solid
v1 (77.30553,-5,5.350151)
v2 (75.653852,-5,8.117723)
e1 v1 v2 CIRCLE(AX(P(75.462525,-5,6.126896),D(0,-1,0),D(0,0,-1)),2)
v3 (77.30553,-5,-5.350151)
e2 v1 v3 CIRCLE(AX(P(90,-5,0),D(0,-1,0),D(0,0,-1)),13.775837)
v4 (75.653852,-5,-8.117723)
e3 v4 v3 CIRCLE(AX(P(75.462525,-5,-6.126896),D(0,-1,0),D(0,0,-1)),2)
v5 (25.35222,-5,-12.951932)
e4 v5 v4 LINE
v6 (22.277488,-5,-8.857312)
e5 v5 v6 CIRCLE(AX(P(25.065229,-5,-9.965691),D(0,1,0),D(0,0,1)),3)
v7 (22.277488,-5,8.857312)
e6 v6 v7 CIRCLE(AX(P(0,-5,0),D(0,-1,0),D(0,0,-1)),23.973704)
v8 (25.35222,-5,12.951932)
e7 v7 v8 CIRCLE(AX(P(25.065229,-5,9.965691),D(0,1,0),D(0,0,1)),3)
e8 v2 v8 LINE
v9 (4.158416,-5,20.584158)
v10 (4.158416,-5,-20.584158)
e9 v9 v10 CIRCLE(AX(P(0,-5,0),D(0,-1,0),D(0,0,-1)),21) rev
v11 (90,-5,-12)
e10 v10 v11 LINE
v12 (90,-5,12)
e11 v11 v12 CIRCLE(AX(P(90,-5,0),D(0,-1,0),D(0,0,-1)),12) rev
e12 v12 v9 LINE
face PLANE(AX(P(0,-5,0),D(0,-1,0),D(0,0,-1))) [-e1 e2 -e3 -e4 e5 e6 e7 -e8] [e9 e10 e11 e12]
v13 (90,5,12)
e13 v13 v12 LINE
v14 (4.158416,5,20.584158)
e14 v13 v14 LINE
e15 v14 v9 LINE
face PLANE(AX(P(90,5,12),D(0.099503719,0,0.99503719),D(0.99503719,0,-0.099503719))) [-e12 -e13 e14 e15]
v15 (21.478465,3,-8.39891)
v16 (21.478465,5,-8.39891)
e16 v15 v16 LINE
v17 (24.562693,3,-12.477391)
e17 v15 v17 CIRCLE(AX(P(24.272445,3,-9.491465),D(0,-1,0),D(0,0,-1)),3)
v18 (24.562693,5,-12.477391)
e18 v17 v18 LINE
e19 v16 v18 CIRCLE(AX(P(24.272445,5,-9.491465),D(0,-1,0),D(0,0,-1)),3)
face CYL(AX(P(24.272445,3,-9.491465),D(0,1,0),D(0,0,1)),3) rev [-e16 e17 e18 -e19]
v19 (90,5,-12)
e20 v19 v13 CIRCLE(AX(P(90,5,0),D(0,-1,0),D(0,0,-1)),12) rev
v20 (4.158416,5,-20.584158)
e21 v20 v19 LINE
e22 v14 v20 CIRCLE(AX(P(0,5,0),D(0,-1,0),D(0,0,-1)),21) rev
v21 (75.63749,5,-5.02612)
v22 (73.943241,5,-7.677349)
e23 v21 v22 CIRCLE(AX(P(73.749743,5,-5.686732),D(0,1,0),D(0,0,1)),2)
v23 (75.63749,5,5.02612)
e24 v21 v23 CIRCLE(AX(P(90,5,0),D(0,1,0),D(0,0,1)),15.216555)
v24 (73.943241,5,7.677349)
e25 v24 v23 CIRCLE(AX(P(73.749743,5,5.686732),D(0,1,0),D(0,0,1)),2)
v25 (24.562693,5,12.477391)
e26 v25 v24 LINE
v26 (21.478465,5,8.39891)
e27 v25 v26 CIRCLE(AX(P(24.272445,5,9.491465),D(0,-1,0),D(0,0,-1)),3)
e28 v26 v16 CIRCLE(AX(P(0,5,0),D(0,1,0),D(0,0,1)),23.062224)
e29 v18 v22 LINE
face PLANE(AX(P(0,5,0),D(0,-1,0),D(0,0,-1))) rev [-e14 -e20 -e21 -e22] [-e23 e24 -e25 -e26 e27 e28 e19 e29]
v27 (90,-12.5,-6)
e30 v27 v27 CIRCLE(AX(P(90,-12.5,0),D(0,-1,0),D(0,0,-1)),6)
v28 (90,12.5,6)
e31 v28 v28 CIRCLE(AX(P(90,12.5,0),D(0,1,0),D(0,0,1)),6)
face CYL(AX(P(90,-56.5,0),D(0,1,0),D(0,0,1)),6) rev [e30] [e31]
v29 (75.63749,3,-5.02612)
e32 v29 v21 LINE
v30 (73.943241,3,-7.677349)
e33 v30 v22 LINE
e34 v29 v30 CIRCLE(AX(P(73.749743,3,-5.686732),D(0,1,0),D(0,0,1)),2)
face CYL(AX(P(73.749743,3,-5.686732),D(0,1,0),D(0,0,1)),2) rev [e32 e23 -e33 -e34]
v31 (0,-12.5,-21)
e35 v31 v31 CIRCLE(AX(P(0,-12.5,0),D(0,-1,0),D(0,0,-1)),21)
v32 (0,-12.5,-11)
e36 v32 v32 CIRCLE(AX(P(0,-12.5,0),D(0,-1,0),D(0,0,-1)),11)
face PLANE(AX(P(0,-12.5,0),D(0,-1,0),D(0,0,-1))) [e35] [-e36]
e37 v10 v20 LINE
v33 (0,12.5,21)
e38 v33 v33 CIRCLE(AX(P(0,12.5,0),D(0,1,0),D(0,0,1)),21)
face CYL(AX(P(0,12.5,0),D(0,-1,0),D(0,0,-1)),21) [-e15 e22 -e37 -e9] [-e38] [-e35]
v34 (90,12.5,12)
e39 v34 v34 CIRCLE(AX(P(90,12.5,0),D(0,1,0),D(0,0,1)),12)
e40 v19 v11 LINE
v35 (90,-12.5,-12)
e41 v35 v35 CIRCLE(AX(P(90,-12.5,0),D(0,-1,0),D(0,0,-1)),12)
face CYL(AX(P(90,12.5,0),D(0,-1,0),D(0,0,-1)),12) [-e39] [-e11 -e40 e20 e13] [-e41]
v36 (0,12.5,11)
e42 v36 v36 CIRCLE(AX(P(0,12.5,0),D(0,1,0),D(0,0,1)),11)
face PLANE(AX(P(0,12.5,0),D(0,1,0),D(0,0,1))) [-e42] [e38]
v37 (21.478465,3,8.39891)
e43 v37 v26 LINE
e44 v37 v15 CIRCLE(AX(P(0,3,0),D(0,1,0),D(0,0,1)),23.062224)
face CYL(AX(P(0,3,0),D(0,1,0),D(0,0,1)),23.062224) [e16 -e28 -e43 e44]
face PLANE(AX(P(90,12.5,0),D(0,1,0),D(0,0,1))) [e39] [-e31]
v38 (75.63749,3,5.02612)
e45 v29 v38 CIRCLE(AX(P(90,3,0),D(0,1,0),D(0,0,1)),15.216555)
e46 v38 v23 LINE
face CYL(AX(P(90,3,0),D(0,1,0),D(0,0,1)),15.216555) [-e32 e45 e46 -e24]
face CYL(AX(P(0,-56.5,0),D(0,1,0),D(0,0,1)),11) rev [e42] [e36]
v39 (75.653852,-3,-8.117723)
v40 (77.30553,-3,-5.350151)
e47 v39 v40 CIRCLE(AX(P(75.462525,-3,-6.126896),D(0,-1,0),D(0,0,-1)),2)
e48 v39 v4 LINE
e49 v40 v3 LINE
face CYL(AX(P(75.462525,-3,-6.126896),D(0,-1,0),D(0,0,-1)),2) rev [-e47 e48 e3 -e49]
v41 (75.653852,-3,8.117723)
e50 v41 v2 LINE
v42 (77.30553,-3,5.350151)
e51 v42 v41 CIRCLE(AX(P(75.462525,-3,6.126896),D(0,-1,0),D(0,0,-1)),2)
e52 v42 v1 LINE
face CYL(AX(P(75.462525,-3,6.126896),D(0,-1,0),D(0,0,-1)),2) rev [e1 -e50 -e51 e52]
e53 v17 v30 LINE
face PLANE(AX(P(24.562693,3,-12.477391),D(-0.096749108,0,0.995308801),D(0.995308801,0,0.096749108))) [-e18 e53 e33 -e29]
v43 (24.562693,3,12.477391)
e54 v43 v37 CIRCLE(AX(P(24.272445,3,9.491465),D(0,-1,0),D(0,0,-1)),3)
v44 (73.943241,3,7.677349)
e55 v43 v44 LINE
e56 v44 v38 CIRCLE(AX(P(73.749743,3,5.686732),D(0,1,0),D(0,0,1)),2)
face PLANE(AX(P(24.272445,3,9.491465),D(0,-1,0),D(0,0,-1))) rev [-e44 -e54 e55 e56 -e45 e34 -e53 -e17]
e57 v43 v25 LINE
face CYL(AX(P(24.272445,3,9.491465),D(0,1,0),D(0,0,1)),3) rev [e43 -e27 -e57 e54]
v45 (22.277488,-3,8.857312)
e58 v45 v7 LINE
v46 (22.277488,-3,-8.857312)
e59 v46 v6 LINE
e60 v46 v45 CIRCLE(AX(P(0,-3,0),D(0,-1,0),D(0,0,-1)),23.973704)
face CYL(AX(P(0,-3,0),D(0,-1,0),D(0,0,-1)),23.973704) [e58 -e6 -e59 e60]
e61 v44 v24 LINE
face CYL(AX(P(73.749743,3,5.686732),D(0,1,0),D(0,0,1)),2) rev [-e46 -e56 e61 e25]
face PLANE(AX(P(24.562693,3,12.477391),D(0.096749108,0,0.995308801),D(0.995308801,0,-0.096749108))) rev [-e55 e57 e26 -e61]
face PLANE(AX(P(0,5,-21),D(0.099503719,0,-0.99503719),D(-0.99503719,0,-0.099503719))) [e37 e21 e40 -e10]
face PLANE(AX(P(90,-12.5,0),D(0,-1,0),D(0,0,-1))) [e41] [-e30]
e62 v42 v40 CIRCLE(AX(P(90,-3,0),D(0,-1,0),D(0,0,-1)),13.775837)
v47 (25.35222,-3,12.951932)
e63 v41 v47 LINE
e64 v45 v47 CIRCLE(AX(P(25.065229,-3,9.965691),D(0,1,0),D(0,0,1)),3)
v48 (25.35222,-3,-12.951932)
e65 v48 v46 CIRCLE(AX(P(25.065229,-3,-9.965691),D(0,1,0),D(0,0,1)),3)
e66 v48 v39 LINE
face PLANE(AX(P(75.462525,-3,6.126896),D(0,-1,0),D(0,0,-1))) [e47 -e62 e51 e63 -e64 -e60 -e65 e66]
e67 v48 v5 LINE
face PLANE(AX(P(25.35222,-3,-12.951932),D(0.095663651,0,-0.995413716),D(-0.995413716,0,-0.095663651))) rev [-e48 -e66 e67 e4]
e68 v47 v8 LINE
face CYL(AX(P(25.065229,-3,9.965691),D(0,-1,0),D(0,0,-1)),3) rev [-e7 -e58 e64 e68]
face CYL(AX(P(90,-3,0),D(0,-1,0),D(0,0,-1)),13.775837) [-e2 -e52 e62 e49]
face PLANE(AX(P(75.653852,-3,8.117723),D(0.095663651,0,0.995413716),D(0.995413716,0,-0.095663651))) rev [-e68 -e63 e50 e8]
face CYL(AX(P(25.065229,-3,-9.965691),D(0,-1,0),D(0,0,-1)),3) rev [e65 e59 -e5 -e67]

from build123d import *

# Parameters (mm, degrees)
BOSS_EXTRUDE1_DEPTH = 5
SKETCH2_R           = 21
BOSS_EXTRUDE3_DEPTH = 7.5
SKETCH3_R           = 12
BOSS_EXTRUDE4_DEPTH = 7.5
SKETCH4_R           = 21
BOSS_EXTRUDE6_DEPTH = 7.5
SKETCH5_R           = 12
BOSS_EXTRUDE7_DEPTH = 7.5
SKETCH6_R           = 11
CUT_EXTRUDE1_DEPTH  = 69
SKETCH7_R           = 6
CUT_EXTRUDE2_DEPTH  = 69
CUT_EXTRUDE4_DEPTH  = 2
CUT_EXTRUDE5_DEPTH  = 2


with BuildPart() as part:
    # Sketch1 → Boss-Extrude1 (new, symmetric)
    with BuildSketch(Plane(origin=(0, 0, 0), x_dir=(1, 0, 0), z_dir=(0, 1, 0))):
        Polygon((90, -12), (0, -21), (0, 21), (90, 12), align=None)
    extrude(amount=BOSS_EXTRUDE1_DEPTH, both=True)

    # Sketch2 → Boss-Extrude3 (add, symmetric)
    with BuildSketch(Plane(origin=(0, 5, 0), x_dir=(1, 0, 0), z_dir=(0, 1, 0))):
        with Locations(Location((0, 0, 0), (0, 0, 270))):
            Circle(SKETCH2_R)
    extrude(amount=BOSS_EXTRUDE3_DEPTH, both=True)

    # Sketch3 → Boss-Extrude4 (add, symmetric)
    with BuildSketch(Plane(origin=(0, 5, 0), x_dir=(1, 0, 0), z_dir=(0, 1, 0))):
        with Locations(Location((90, 0, 0), (0, 0, 270))):
            Circle(SKETCH3_R)
    extrude(amount=BOSS_EXTRUDE4_DEPTH, both=True)

    # Sketch4 → Boss-Extrude6 (add, symmetric)
    with BuildSketch(Plane.XZ.offset(5)):
        with Locations(Location((0, 0, 0), (0, 0, 270))):
            Circle(SKETCH4_R)
    extrude(amount=BOSS_EXTRUDE6_DEPTH, both=True)

    # Sketch5 → Boss-Extrude7 (add, symmetric)
    with BuildSketch(Plane.XZ.offset(5)):
        with Locations(Location((90, 0, 0), (0, 0, 270))):
            Circle(SKETCH5_R)
    extrude(amount=BOSS_EXTRUDE7_DEPTH, both=True)

    # Sketch6 → Cut-Extrude1 (cut)
    with BuildSketch(Plane(origin=(0, 12.5, 0), x_dir=(1, 0, 0), z_dir=(0, 1, 0))):
        with Locations(Location((0, 0, 0), (0, 0, 270))):
            Circle(SKETCH6_R)
    extrude(amount=-CUT_EXTRUDE1_DEPTH, mode=Mode.SUBTRACT)

    # Sketch7 → Cut-Extrude2 (cut)
    with BuildSketch(Plane(origin=(0, 12.5, 0), x_dir=(1, 0, 0), z_dir=(0, 1, 0))):
        with Locations(Location((90, 0, 0), (0, 0, 270))):
            Circle(SKETCH7_R)
    extrude(amount=-CUT_EXTRUDE2_DEPTH, mode=Mode.SUBTRACT)

    # Sketch8 → Cut-Extrude4 (cut)
    with BuildSketch(Plane(origin=(0, 5, 0), x_dir=(1, 0, 0), z_dir=(0, 1, 0))):
        with BuildLine():
            Line((24.562692553, 12.477391073), (73.943240769, 7.677349154))
            ThreePointArc((73.943240769, 7.677349154), (75.435017265, 6.76369448), (75.637490363, 5.026119554))
            ThreePointArc((75.637490363, 5.026119554), (74.783444514, 0), (75.637490363, -5.026119554))
            ThreePointArc((75.637490363, -5.026119554), (75.435017265, -6.76369448), (73.943240769, -7.677349154))
            Line((73.943240769, -7.677349154), (24.562692553, -12.477391073))
            ThreePointArc((24.562692553, -12.477391073), (21.879607854, -11.300975456), (21.478465069, -8.398910386))
            ThreePointArc((21.478465069, -8.398910386), (23.062223601, 0), (21.478465069, 8.398910386))
            ThreePointArc((21.478465069, 8.398910386), (21.879607854, 11.300975456), (24.562692553, 12.477391073))
        make_face()
    extrude(amount=-CUT_EXTRUDE4_DEPTH, mode=Mode.SUBTRACT)

    # Sketch9 → Cut-Extrude5 (cut)
    with BuildSketch(Plane.XZ.offset(5)):
        with BuildLine():
            Line((75.653851905, 8.117723123), (25.352219693, 12.951931944))
            ThreePointArc((25.352219693, 12.951931944), (22.666288444, 11.767102867), (22.27748823, 8.857312323))
            ThreePointArc((22.27748823, 8.857312323), (23.973703582, 0), (22.27748823, -8.857312323))
            ThreePointArc((22.27748823, -8.857312323), (22.666288444, -11.767102867), (25.352219693, -12.951931944))
            Line((25.352219693, -12.951931944), (75.653851905, -8.117723123))
            ThreePointArc((75.653851905, -8.117723123), (77.179932686, -7.151839338), (77.305529846, -5.35015141))
            ThreePointArc((77.305529846, -5.35015141), (76.224162726, 0), (77.305529846, 5.35015141))
            ThreePointArc((77.305529846, 5.35015141), (77.179932686, 7.151839338), (75.653851905, 8.117723123))
        make_face()
    extrude(amount=-CUT_EXTRUDE5_DEPTH, mode=Mode.SUBTRACT)


solid = part.part
